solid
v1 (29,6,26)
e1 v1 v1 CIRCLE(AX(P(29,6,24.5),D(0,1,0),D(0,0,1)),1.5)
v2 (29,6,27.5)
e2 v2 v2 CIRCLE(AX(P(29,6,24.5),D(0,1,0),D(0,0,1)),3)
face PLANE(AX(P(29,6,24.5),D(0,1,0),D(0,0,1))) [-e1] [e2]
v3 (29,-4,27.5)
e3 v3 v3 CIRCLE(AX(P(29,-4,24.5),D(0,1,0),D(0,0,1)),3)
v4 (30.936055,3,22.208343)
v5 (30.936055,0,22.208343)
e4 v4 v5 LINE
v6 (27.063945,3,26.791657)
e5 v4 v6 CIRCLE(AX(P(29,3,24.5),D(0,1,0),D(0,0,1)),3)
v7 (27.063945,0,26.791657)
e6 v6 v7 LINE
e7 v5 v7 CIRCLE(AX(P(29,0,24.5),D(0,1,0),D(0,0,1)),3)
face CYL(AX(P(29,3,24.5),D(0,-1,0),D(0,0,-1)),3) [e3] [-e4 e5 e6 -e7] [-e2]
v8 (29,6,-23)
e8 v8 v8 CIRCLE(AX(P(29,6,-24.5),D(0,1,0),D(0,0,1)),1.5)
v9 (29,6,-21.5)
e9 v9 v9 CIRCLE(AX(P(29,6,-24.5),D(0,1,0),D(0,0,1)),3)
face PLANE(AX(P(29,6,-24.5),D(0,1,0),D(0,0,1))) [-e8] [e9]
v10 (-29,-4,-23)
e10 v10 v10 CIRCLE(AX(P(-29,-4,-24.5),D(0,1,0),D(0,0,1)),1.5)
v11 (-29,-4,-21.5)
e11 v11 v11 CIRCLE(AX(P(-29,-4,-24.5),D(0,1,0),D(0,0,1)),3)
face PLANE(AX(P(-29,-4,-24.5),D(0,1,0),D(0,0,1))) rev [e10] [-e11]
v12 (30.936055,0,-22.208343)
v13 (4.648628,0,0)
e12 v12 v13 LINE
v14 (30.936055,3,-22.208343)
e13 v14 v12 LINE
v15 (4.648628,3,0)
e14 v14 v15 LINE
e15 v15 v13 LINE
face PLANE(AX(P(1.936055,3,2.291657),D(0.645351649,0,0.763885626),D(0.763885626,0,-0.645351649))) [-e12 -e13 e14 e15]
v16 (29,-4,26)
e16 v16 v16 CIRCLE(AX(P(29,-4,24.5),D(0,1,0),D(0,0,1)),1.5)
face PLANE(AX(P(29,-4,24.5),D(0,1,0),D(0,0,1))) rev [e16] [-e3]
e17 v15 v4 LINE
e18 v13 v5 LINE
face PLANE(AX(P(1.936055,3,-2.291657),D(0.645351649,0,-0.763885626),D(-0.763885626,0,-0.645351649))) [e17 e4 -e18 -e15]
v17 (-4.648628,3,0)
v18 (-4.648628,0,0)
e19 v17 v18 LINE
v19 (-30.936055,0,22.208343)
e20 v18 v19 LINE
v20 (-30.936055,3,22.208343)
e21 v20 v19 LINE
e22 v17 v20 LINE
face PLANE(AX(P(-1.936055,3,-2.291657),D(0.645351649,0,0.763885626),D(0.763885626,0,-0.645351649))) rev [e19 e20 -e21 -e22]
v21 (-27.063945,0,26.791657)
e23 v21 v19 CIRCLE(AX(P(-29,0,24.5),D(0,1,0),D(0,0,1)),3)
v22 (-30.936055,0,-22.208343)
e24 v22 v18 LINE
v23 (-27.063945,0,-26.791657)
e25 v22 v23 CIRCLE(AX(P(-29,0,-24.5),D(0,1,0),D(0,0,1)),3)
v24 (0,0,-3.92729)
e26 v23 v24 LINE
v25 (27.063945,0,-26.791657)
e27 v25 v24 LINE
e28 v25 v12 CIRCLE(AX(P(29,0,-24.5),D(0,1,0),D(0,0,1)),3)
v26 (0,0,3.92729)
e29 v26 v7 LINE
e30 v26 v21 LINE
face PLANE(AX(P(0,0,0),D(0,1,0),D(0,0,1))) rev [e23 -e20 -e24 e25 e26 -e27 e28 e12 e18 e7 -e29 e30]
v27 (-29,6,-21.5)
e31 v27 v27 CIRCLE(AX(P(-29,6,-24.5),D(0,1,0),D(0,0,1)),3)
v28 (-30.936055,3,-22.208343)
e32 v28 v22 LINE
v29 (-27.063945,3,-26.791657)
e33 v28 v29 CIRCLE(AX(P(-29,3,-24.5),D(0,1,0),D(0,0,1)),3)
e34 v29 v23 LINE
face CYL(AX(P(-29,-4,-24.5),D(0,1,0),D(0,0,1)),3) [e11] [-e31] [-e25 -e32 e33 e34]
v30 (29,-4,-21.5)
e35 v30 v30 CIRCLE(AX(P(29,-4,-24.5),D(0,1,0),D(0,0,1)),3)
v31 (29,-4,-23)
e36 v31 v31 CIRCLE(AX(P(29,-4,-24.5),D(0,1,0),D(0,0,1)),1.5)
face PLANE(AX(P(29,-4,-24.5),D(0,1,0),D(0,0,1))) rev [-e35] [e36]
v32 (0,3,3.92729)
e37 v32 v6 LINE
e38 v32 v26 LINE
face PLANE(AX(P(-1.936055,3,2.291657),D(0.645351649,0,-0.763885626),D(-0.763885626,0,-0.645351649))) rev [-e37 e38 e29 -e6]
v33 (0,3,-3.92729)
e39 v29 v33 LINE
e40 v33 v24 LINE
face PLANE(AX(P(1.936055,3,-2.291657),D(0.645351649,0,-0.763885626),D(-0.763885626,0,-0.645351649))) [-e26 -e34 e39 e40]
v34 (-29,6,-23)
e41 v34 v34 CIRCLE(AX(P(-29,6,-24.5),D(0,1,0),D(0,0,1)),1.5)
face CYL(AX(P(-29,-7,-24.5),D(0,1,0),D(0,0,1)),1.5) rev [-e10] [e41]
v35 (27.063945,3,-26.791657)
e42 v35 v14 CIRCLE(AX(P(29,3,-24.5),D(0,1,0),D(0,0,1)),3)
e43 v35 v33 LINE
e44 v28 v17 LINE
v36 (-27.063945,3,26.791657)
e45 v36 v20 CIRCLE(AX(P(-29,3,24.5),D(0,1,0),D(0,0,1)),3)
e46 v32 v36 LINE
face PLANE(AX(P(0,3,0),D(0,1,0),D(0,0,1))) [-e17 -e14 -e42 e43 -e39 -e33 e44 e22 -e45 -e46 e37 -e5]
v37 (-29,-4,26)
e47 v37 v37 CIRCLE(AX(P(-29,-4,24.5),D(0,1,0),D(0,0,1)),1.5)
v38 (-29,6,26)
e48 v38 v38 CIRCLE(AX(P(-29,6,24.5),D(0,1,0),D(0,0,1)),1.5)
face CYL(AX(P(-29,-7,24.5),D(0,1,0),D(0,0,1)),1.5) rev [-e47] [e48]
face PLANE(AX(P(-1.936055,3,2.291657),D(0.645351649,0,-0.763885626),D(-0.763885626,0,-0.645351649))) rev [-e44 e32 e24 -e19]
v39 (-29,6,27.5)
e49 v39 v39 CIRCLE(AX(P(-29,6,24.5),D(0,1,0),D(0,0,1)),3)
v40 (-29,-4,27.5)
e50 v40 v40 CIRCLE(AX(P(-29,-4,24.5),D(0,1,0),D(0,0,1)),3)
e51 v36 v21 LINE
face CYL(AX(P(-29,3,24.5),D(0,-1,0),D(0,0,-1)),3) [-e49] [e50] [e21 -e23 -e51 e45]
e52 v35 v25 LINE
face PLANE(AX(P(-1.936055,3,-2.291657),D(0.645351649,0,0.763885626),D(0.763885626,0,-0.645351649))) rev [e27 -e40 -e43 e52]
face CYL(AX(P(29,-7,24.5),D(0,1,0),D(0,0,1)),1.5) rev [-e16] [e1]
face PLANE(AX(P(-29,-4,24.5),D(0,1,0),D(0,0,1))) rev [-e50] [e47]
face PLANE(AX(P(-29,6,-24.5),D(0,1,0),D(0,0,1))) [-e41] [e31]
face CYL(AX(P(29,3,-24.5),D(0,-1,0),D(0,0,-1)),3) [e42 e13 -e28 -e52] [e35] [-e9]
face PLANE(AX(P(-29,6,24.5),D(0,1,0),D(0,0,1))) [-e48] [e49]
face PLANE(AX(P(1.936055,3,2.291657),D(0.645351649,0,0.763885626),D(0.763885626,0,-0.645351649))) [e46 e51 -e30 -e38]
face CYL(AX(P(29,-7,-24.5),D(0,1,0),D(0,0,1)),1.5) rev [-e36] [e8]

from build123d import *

# Parameters (mm, degrees)
CROQUIS1_R                = 3
SALIENTE_EXTRUIR1_DEPTH   = 4
SALIENTE_EXTRUIR1_2_DEPTH = 4
SALIENTE_EXTRUIR1_3_DEPTH = 4
SALIENTE_EXTRUIR1_4_DEPTH = 4
SALIENTE_EXTRUIR2_START   = 3
SALIENTE_EXTRUIR2_DEPTH   = 3
SALIENTE_EXTRUIR3_START   = 3
CROQUIS3_R                = 3
SALIENTE_EXTRUIR3_DEPTH   = 3
CROQUIS5_R                = 1.5
CORTAR_EXTRUIR1_DEPTH     = 13


with BuildPart() as part:
    # Croquis1 → Saliente-Extruir1 (new body)
    with BuildSketch(Plane(origin=(0, 0, 0), x_dir=(1, 0, 0), z_dir=(0, 1, 0))):
        with Locations(Location((-29, 24.5, 0), (0, 0, 270))):
            Circle(CROQUIS1_R)
    extrude(amount=-SALIENTE_EXTRUIR1_DEPTH)



with BuildPart() as body_2:
    # Croquis1 → Saliente-Extruir1 2 (new body)
    with BuildSketch(Plane(origin=(0, 0, 0), x_dir=(1, 0, 0), z_dir=(0, 1, 0))):
        with Locations(Location((-29, -24.5, 0), (0, 0, 270))):
            Circle(CROQUIS1_R)
    extrude(amount=-SALIENTE_EXTRUIR1_2_DEPTH)


with BuildPart() as body_3:
    # Croquis1 → Saliente-Extruir1 3 (new body)
    with BuildSketch(Plane(origin=(0, 0, 0), x_dir=(1, 0, 0), z_dir=(0, 1, 0))):
        with Locations(Location((29, -24.5, 0), (0, 0, 270))):
            Circle(CROQUIS1_R)
    extrude(amount=-SALIENTE_EXTRUIR1_3_DEPTH)


with BuildPart() as body_4:
    # Croquis1 → Saliente-Extruir1 4 (new body)
    with BuildSketch(Plane(origin=(0, 0, 0), x_dir=(1, 0, 0), z_dir=(0, 1, 0))):
        with Locations(Location((29, 24.5, 0), (0, 0, 270))):
            Circle(CROQUIS1_R)
    extrude(amount=-SALIENTE_EXTRUIR1_4_DEPTH)


with BuildPart() as part_1:
    add(part.part)

    add(body_2.part)  # Saliente-Extruir2 merges body 2

    add(body_3.part)  # Saliente-Extruir2 merges body 3

    add(body_4.part)  # Saliente-Extruir2 merges body 4
    # Croquis2 → Saliente-Extruir2 (add)
    with BuildSketch(Plane(origin=(0, 0, 0), x_dir=(1, 0, 0), z_dir=(0, 1, 0)).offset(SALIENTE_EXTRUIR2_START)):
        with BuildLine():
            Line((0, 3.927289505), (-27.063945052, 26.791656877))
            ThreePointArc((-27.063945052, 26.791656877), (-31.291656877, 26.436054948), (-30.936054948, 22.208343123))
            Line((-30.936054948, 22.208343123), (-4.648628393, 0))
            Line((-4.648628393, 0), (-30.936054948, -22.208343123))
            ThreePointArc((-30.936054948, -22.208343123), (-31.291656877, -26.436054948), (-27.063945052, -26.791656877))
            Line((-27.063945052, -26.791656877), (0, -3.927289505))
            Line((0, -3.927289505), (27.063945052, -26.791656877))
            ThreePointArc((27.063945052, -26.791656877), (31.291656877, -26.436054948), (30.936054948, -22.208343123))
            Line((30.936054948, -22.208343123), (4.648628393, 0))
            Line((4.648628393, 0), (30.936054948, 22.208343123))
            ThreePointArc((30.936054948, 22.208343123), (31.291656877, 26.436054948), (27.063945052, 26.791656877))
            Line((27.063945052, 26.791656877), (0, 3.927289505))
        make_face()
    extrude(amount=-SALIENTE_EXTRUIR2_DEPTH)

    # Croquis3 → Saliente-Extruir3 (add)
    with BuildSketch(Plane(origin=(0, 3, 0), x_dir=(1, 0, 0), z_dir=(0, 1, 0)).offset(SALIENTE_EXTRUIR3_START)):
        with Locations(Location((-29, 24.5, 0), (0, 0, 270))):
            Circle(CROQUIS3_R)
        with Locations(Location((-29, -24.5, 0), (0, 0, 270))):
            Circle(CROQUIS3_R)
        with Locations(Location((29, -24.5, 0), (0, 0, 270))):
            Circle(CROQUIS3_R)
        with Locations(Location((29, 24.5, 0), (0, 0, 270))):
            Circle(CROQUIS3_R)
    extrude(amount=-SALIENTE_EXTRUIR3_DEPTH)

    # Croquis5 → Cortar-Extruir1 (cut)
    with BuildSketch(Plane(origin=(0, 6, 0), x_dir=(1, 0, 0), z_dir=(0, 1, 0))):
        with Locations(Location((-29, 24.5, 0), (0, 0, 270))):
            Circle(CROQUIS5_R)
        with Locations(Location((29, 24.5, 0), (0, 0, 270))):
            Circle(CROQUIS5_R)
        with Locations(Location((29, -24.5, 0), (0, 0, 270))):
            Circle(CROQUIS5_R)
        with Locations(Location((-29, -24.5, 0), (0, 0, 270))):
            Circle(CROQUIS5_R)
    extrude(amount=-CORTAR_EXTRUIR1_DEPTH, mode=Mode.SUBTRACT)


solid = part_1.part
